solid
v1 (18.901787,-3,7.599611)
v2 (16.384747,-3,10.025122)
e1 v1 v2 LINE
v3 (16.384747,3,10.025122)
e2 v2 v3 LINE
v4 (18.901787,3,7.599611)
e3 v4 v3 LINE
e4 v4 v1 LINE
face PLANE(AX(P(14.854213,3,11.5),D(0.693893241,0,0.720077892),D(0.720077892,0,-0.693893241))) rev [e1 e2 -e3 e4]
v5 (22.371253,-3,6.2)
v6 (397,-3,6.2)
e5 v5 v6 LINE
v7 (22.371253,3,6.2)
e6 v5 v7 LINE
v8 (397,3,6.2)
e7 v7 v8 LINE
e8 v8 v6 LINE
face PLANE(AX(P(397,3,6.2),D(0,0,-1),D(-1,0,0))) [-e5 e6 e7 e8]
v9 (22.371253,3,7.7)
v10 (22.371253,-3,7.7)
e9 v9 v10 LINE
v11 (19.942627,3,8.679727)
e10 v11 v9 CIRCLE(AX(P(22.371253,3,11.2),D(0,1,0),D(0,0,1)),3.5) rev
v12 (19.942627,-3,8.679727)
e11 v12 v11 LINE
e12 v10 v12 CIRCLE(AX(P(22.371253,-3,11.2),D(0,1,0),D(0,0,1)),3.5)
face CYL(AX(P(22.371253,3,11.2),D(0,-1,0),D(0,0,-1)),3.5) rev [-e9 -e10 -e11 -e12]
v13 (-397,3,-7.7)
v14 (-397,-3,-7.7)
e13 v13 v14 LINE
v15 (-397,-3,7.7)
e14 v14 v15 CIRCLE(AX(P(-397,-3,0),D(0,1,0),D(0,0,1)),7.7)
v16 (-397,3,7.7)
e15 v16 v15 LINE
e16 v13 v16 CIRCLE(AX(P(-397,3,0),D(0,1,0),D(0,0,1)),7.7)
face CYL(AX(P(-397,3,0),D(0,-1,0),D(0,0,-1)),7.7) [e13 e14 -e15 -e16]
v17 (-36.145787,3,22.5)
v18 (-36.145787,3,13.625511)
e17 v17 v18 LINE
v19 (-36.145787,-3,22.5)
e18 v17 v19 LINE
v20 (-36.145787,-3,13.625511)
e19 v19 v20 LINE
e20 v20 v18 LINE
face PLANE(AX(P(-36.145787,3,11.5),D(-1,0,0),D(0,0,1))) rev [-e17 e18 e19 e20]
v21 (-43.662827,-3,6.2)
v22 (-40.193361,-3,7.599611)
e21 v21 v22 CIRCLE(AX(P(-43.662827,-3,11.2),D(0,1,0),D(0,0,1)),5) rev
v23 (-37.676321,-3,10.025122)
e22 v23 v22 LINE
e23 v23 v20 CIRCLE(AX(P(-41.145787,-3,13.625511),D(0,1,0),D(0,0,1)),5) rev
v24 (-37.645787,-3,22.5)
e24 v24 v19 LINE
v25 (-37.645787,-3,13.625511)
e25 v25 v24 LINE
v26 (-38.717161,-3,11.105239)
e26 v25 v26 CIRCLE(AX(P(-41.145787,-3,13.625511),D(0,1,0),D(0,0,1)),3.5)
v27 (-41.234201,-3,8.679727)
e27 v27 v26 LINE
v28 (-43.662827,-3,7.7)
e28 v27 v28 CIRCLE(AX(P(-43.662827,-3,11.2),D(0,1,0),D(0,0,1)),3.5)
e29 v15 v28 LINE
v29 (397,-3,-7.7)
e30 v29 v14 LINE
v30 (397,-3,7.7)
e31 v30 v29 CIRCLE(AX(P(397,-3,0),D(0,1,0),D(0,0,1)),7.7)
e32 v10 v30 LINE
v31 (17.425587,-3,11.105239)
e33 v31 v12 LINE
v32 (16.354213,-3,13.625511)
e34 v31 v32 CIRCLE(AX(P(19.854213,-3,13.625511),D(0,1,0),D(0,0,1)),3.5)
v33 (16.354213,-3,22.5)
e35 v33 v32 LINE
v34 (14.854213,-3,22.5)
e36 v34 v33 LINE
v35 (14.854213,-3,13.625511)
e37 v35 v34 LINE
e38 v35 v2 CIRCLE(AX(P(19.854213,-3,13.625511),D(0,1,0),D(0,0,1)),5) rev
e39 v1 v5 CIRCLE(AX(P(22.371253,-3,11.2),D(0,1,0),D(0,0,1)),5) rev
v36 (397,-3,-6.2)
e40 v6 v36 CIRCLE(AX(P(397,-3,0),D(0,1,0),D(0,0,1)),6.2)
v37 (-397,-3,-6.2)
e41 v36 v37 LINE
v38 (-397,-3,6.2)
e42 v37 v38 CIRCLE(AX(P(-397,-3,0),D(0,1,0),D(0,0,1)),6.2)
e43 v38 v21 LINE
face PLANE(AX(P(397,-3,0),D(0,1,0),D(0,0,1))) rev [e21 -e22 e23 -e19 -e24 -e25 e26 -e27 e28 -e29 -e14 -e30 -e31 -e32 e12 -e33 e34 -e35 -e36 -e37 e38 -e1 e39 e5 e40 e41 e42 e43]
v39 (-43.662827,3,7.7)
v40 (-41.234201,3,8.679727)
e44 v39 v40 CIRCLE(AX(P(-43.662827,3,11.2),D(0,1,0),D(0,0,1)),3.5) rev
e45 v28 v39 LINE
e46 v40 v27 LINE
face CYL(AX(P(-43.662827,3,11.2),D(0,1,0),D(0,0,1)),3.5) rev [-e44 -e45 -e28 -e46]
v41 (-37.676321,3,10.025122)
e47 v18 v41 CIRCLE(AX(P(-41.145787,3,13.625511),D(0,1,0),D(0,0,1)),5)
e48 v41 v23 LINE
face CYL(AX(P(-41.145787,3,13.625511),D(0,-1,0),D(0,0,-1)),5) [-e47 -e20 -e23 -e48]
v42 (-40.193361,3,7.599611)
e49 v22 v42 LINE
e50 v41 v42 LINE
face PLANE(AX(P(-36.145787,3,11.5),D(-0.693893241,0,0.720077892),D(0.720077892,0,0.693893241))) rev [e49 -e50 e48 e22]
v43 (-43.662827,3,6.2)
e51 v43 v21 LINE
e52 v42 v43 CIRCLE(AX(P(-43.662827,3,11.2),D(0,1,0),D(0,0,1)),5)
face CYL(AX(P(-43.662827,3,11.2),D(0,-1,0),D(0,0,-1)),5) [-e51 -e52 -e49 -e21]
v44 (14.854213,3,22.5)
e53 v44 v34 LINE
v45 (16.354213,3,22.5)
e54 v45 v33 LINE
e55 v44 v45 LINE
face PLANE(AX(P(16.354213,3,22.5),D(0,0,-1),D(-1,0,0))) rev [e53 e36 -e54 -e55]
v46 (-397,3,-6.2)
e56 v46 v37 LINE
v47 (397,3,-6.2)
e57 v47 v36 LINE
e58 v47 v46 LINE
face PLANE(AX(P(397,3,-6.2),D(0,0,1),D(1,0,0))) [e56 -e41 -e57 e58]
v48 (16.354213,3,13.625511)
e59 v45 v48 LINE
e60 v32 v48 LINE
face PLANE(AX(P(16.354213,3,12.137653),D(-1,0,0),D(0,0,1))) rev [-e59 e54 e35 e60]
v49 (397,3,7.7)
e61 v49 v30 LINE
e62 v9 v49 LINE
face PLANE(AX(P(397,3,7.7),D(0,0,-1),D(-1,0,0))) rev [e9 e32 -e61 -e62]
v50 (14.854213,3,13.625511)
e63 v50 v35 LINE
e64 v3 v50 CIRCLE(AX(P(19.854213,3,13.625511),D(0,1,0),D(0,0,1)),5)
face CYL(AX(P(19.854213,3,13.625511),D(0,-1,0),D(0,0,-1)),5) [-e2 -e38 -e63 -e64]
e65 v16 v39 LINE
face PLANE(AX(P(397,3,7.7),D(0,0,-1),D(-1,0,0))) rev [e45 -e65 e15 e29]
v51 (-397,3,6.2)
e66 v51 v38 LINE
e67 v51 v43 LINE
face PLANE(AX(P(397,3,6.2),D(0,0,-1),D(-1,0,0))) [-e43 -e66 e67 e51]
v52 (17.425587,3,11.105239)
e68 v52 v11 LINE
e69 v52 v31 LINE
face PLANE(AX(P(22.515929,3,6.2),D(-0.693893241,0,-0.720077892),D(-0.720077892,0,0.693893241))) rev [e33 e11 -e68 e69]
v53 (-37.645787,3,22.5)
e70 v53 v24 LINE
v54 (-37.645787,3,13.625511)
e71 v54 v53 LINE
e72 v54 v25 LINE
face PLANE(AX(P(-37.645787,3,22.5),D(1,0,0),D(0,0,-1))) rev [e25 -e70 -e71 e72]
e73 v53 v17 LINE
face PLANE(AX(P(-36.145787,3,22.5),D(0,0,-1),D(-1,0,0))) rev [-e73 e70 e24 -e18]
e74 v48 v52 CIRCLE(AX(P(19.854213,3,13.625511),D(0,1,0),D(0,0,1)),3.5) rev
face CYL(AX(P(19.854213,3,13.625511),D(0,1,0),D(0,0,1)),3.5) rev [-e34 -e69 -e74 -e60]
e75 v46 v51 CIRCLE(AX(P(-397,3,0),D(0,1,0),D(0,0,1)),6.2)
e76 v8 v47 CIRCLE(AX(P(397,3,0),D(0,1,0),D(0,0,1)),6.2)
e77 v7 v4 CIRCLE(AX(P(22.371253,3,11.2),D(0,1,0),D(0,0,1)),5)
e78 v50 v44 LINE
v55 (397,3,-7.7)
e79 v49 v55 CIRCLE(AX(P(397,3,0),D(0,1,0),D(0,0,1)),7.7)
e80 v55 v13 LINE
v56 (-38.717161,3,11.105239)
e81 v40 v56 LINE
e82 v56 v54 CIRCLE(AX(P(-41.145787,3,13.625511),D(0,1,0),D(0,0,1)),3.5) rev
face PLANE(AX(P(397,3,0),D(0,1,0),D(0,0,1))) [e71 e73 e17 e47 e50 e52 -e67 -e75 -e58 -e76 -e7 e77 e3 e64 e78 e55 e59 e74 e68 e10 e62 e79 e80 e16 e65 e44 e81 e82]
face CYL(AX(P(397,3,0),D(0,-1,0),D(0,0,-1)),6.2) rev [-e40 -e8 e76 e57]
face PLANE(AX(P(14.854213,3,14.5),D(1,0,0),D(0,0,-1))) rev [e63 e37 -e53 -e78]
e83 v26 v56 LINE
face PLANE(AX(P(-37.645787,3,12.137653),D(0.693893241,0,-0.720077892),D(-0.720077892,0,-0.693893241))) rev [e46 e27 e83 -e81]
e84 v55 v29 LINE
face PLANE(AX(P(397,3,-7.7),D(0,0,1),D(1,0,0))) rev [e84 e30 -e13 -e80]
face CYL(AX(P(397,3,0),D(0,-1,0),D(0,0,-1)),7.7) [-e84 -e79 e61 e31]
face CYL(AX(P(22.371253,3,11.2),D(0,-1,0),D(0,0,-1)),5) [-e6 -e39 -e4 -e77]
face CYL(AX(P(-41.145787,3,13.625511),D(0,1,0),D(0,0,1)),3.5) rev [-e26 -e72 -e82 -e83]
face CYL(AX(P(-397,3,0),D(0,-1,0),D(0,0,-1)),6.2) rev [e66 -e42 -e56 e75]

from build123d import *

# Parameters (mm, degrees)
BOSS_EXTRUDE1_DEPTH = 3
BOSS_EXTRUDE2_DEPTH = 3
CUT_EXTRUDE1_DEPTH  = 406.369387103
FILLET1_R           = 5
FILLET2_R           = 3.5


with BuildPart() as part:
    # Sketch1 → Boss-Extrude1 (new, symmetric)
    with BuildSketch(Plane(origin=(0, 0, 0), x_dir=(1, 0, 0), z_dir=(0, 1, 0))):
        with BuildLine():
            Line((397, -7.7), (-397, -7.7))
            ThreePointArc((-397, -7.7), (-404.7, 0), (-397, 7.7))
            Line((-397, 7.7), (397, 7.7))
            ThreePointArc((397, 7.7), (404.7, 0), (397, -7.7))
        make_face()
        with BuildLine():
            Line((397, -6.2), (-397, -6.2))
            ThreePointArc((-397, -6.2), (-403.2, 0), (-397, 6.2))
            Line((-397, 6.2), (397, 6.2))
            ThreePointArc((397, 6.2), (403.2, 0), (397, -6.2))
        make_face(mode=Mode.SUBTRACT)
    extrude(amount=BOSS_EXTRUDE1_DEPTH, both=True)

    # Sketch2 → Boss-Extrude2 (add, symmetric)
    with BuildSketch(Plane(origin=(0, 0, 0), x_dir=(1, 0, 0), z_dir=(0, 1, 0))):
        Polygon((-36.145786863, -11.5), (-36.145786863, -14.5), (-36.145786863, -22.5), (-37.645786863, -22.5), (-37.645786863, -12.137653431), (-43.807502688, -6.2), (-41.645786863, -6.2), align=None)
        Polygon((14.854213137, -14.5), (14.854213137, -11.5), (20.354213137, -6.2), (22.515928962, -6.2), (16.354213137, -12.137653431), (16.354213137, -22.5), (14.854213137, -22.5), align=None)
    extrude(amount=BOSS_EXTRUDE2_DEPTH, both=True)

    # Sketch3 → Cut-Extrude1 (cut, through all)
    with BuildSketch(Plane(origin=(0, 3, 0), x_dir=(1, 0, 0), z_dir=(0, 1, 0))):
        Polygon((-40.089183089, -7.7), (-41.645786863, -6.2), (20.354213137, -6.2), (18.797609364, -7.7), align=None)
    extrude(amount=-CUT_EXTRUDE1_DEPTH, mode=Mode.SUBTRACT)

    # Fillet1
    fillet1_edges = [part.edges().sort_by_distance(p)[0] for p in [
        (-36.145786863, 0, 11.5),
        (14.854213137, 0, 11.5),
        (-41.645786863, 0, 6.2),
        (20.354213137, 0, 6.2),
    ]]
    fillet(fillet1_edges, radius=FILLET1_R)

    # Fillet2
    fillet2_edges = [part.edges().sort_by_distance(p)[0] for p in [
        (-42.250898914, 0, 7.7),
        (-37.645786863, 0, 12.137653431),
        (20.959325189, 0, 7.7),
        (16.354213137, 0, 12.137653431),
    ]]
    fillet(fillet2_edges, radius=FILLET2_R)


solid = part.part
